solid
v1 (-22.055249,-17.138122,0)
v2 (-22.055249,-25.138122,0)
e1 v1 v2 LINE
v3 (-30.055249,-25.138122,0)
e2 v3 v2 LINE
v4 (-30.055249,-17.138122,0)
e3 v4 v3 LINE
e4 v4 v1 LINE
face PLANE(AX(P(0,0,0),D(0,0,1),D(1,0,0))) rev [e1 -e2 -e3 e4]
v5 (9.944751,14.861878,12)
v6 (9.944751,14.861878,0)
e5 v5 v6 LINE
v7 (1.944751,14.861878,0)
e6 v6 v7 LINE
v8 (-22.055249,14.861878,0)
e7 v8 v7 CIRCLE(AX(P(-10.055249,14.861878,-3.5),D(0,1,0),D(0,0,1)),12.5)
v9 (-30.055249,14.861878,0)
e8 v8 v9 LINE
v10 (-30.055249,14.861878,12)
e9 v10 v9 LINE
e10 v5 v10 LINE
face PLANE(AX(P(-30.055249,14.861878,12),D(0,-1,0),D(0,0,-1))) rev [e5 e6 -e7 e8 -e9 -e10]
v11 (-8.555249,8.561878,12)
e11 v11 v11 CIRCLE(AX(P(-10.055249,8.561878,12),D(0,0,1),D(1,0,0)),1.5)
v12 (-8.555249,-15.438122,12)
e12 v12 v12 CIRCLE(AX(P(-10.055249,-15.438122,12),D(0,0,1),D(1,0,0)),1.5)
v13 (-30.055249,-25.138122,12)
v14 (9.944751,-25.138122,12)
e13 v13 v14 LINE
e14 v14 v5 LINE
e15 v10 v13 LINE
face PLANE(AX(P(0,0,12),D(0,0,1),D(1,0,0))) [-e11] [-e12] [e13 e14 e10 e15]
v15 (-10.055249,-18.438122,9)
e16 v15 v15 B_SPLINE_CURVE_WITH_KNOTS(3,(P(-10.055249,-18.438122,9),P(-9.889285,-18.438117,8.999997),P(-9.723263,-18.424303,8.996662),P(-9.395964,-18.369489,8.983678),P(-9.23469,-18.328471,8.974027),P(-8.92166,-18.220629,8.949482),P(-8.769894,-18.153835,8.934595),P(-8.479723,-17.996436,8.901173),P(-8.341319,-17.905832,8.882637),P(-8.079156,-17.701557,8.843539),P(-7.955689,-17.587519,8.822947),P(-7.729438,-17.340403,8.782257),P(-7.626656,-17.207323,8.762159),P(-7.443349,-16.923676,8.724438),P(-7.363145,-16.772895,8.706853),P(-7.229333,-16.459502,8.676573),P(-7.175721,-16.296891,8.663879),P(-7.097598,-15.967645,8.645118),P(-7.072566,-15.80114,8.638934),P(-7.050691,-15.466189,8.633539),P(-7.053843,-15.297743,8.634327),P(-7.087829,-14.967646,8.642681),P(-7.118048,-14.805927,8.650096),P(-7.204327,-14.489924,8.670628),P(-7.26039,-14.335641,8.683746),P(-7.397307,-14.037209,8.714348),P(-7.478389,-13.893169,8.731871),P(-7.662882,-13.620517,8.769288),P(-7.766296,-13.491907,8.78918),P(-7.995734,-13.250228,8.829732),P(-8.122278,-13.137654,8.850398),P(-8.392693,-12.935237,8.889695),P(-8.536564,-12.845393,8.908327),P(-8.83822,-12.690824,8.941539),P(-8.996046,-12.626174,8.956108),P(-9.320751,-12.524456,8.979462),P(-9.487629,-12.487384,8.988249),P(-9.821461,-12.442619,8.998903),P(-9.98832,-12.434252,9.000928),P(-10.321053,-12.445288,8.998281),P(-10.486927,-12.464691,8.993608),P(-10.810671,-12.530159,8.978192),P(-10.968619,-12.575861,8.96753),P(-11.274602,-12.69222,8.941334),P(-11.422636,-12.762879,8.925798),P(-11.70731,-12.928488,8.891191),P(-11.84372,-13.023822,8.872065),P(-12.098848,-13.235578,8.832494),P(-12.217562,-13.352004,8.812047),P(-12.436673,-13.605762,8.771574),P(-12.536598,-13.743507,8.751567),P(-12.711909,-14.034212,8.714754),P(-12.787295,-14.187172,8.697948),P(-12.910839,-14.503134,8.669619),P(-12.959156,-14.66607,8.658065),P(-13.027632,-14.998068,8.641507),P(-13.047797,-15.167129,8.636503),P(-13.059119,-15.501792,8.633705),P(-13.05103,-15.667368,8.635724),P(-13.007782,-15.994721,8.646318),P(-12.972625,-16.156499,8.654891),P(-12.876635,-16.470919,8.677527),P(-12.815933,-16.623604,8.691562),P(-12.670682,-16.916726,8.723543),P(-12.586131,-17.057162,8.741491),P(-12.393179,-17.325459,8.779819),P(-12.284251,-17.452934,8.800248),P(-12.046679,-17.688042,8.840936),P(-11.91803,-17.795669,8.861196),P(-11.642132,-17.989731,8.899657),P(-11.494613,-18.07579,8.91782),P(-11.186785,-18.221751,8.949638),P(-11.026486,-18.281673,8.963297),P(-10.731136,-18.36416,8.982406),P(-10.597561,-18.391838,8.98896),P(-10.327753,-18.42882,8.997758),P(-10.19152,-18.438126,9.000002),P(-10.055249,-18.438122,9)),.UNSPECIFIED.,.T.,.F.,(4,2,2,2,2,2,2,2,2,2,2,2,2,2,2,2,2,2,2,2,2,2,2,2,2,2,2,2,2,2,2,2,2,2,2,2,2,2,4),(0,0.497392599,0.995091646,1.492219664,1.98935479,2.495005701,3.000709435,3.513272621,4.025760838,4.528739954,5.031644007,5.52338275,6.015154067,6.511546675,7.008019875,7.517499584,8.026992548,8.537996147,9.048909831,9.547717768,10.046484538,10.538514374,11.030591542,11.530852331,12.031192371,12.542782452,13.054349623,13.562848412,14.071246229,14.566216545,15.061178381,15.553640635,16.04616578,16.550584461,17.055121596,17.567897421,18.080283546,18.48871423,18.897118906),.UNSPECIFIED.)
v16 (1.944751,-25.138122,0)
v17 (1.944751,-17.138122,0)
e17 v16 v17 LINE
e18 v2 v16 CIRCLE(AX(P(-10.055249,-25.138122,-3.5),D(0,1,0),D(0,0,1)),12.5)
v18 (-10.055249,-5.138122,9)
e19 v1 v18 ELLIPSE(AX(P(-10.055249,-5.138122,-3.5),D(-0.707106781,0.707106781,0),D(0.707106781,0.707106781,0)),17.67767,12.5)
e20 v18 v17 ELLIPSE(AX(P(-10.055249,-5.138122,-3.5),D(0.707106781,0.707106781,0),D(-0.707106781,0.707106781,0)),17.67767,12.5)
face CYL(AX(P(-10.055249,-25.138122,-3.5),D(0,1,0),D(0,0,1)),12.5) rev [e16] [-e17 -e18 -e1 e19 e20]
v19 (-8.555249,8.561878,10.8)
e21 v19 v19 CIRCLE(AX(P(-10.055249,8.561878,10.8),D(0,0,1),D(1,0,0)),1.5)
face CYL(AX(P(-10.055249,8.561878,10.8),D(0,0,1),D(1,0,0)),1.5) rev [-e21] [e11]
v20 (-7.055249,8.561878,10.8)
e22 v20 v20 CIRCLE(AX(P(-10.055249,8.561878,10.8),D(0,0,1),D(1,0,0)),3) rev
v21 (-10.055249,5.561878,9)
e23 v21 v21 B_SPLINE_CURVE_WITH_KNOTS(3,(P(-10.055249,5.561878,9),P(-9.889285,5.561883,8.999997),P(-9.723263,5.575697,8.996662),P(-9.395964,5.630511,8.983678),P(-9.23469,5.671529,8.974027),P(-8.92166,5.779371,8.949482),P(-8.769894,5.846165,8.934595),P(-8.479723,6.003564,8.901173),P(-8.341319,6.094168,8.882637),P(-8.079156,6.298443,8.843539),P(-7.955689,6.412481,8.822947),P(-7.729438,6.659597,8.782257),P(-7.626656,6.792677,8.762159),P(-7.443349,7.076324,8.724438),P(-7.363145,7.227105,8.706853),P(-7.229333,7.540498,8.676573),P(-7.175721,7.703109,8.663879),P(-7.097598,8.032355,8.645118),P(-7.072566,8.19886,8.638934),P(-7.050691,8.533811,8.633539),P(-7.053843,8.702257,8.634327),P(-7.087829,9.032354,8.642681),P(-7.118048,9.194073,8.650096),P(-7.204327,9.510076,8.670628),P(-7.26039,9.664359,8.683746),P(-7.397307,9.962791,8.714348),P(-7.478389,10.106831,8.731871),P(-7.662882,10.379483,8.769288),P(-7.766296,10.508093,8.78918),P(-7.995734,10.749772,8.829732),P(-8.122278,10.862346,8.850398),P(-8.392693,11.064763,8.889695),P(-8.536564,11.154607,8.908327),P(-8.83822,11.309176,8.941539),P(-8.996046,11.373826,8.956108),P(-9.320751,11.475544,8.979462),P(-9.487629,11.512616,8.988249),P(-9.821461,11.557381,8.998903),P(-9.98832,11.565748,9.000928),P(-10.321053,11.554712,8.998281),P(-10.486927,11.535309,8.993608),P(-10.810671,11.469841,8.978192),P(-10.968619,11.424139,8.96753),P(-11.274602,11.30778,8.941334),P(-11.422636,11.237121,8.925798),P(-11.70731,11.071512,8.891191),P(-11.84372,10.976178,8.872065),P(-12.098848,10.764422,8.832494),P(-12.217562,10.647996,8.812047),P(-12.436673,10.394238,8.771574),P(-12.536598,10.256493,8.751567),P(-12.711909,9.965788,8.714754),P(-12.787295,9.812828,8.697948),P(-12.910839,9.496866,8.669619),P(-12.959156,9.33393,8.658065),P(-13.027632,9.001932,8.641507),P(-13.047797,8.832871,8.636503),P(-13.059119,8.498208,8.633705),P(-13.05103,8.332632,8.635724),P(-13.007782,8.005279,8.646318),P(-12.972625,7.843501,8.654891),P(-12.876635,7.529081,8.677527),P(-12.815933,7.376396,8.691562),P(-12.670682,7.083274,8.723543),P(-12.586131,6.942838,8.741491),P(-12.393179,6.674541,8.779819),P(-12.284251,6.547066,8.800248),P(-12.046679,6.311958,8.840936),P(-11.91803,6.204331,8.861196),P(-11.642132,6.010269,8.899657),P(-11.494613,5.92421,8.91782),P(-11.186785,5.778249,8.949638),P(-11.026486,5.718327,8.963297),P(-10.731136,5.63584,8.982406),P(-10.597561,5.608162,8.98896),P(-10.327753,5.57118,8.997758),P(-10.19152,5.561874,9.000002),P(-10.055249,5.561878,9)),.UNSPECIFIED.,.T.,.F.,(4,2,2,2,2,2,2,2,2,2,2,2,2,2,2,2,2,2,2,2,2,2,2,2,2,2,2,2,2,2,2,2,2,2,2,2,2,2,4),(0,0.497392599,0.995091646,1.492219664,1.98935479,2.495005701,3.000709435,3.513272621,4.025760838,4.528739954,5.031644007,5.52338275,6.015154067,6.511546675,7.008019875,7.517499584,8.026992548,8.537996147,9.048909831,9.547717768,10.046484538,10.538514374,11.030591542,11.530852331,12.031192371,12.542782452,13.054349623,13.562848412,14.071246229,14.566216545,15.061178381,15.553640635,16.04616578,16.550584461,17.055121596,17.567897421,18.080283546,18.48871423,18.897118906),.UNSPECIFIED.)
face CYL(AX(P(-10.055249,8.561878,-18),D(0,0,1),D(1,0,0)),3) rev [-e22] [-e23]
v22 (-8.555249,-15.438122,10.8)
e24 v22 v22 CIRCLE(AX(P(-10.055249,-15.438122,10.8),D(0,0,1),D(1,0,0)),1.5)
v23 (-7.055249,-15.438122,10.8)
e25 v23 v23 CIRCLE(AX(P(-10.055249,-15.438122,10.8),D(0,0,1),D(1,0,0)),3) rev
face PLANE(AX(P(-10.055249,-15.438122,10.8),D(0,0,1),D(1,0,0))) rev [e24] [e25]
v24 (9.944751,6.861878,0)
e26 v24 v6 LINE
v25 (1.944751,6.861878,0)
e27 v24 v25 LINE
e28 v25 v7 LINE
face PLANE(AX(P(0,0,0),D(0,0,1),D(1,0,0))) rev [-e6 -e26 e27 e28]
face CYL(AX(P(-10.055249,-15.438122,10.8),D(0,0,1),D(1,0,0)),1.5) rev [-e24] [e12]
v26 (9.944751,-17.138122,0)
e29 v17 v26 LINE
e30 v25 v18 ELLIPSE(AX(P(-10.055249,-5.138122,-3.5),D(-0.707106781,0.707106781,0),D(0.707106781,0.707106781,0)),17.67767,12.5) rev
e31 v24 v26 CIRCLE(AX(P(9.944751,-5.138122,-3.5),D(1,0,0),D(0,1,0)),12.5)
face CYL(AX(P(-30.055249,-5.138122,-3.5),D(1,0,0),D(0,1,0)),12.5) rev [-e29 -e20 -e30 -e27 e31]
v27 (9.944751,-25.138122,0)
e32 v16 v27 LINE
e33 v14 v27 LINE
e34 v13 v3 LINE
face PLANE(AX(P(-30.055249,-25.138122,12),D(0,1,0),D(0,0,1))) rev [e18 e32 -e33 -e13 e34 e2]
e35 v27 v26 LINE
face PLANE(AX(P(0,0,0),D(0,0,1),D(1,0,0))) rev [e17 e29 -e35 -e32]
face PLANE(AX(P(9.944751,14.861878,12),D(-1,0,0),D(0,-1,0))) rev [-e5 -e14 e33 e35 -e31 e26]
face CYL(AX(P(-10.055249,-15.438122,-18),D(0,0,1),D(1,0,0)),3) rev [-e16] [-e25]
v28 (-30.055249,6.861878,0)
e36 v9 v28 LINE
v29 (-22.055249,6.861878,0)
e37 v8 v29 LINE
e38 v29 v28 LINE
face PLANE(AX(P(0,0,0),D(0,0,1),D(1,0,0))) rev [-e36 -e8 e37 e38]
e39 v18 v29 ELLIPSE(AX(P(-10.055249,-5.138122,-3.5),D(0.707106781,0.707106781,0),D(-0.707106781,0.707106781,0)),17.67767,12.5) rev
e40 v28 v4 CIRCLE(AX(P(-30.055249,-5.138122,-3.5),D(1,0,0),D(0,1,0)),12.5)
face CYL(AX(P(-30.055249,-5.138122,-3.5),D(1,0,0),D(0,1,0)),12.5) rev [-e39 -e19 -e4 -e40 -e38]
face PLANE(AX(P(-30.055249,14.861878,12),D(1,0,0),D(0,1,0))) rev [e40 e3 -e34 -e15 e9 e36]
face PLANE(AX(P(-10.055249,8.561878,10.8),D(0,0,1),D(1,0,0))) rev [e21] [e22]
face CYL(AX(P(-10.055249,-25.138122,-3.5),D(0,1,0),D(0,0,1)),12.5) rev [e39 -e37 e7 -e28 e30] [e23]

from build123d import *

# Parameters (mm, degrees)
SKETCH1_W           = 40
SKETCH1_H           = 40
BOSS_EXTRUDE1_DEPTH = 12
SKETCH3_R           = 12.5
CUT_EXTRUDE3_DEPTH  = 40
SKETCH11_R          = 12.5
CUT_EXTRUDE4_DEPTH  = 40
SKETCH14_R          = 3
CUT_EXTRUDE7_DEPTH  = 30
SKETCH14_5_R        = 3
SKETCH14_5_R_2      = 1.5
BOSS_EXTRUDE2_DEPTH = 1.2


with BuildPart() as part:
    # Sketch1 → Boss-Extrude1 (new body)
    with BuildSketch(Plane.XY):
        with Locations((-10.055248619, -5.138121547)):
            Rectangle(SKETCH1_W, SKETCH1_H)
    extrude(amount=BOSS_EXTRUDE1_DEPTH)

    # Sketch3 → Cut-Extrude3 (cut)
    with BuildSketch(Plane(origin=(0, 14.861878453, 0), x_dir=(1, 0, 0), z_dir=(0, 1, 0))):
        with Locations((-10.055248619, 3.5)):
            Circle(SKETCH3_R)
    extrude(amount=-CUT_EXTRUDE3_DEPTH, mode=Mode.SUBTRACT)

    # Sketch11 → Cut-Extrude4 (cut)
    with BuildSketch(Plane(origin=(9.944751381, 0, 0), x_dir=(0, 0, -1), z_dir=(1, 0, 0))):
        with Locations((3.5, -5.138121547)):
            Circle(SKETCH11_R)
    extrude(amount=-CUT_EXTRUDE4_DEPTH, mode=Mode.SUBTRACT)

    # Sketch14 → Cut-Extrude7 (cut)
    with BuildSketch(Plane.XY.offset(12)):
        with Locations((-10.055248619, 8.561878453)):
            Circle(SKETCH14_R)
        with Locations((-10.055248619, -15.438121547)):
            Circle(SKETCH14_R)
    extrude(amount=-CUT_EXTRUDE7_DEPTH, mode=Mode.SUBTRACT)

    # Sketch14<5> → Boss-Extrude2 (add)
    # profile 1 of 2: a face of its own
    with BuildSketch(Plane.XY.offset(12)):
        with Locations((-10.055248619, 8.561878453)):
            Circle(SKETCH14_5_R)
        with Locations((-10.055248619, 8.561878453)):
            Circle(SKETCH14_5_R_2, mode=Mode.SUBTRACT)
    # profile 2 of 2: a face of its own
    with BuildSketch(Plane.XY.offset(12)):
        with Locations((-10.055248619, -15.438121547)):
            Circle(SKETCH14_5_R)
        with Locations((-10.055248619, -15.438121547)):
            Circle(SKETCH14_5_R_2, mode=Mode.SUBTRACT)
    extrude(amount=-BOSS_EXTRUDE2_DEPTH)


solid = part.part
